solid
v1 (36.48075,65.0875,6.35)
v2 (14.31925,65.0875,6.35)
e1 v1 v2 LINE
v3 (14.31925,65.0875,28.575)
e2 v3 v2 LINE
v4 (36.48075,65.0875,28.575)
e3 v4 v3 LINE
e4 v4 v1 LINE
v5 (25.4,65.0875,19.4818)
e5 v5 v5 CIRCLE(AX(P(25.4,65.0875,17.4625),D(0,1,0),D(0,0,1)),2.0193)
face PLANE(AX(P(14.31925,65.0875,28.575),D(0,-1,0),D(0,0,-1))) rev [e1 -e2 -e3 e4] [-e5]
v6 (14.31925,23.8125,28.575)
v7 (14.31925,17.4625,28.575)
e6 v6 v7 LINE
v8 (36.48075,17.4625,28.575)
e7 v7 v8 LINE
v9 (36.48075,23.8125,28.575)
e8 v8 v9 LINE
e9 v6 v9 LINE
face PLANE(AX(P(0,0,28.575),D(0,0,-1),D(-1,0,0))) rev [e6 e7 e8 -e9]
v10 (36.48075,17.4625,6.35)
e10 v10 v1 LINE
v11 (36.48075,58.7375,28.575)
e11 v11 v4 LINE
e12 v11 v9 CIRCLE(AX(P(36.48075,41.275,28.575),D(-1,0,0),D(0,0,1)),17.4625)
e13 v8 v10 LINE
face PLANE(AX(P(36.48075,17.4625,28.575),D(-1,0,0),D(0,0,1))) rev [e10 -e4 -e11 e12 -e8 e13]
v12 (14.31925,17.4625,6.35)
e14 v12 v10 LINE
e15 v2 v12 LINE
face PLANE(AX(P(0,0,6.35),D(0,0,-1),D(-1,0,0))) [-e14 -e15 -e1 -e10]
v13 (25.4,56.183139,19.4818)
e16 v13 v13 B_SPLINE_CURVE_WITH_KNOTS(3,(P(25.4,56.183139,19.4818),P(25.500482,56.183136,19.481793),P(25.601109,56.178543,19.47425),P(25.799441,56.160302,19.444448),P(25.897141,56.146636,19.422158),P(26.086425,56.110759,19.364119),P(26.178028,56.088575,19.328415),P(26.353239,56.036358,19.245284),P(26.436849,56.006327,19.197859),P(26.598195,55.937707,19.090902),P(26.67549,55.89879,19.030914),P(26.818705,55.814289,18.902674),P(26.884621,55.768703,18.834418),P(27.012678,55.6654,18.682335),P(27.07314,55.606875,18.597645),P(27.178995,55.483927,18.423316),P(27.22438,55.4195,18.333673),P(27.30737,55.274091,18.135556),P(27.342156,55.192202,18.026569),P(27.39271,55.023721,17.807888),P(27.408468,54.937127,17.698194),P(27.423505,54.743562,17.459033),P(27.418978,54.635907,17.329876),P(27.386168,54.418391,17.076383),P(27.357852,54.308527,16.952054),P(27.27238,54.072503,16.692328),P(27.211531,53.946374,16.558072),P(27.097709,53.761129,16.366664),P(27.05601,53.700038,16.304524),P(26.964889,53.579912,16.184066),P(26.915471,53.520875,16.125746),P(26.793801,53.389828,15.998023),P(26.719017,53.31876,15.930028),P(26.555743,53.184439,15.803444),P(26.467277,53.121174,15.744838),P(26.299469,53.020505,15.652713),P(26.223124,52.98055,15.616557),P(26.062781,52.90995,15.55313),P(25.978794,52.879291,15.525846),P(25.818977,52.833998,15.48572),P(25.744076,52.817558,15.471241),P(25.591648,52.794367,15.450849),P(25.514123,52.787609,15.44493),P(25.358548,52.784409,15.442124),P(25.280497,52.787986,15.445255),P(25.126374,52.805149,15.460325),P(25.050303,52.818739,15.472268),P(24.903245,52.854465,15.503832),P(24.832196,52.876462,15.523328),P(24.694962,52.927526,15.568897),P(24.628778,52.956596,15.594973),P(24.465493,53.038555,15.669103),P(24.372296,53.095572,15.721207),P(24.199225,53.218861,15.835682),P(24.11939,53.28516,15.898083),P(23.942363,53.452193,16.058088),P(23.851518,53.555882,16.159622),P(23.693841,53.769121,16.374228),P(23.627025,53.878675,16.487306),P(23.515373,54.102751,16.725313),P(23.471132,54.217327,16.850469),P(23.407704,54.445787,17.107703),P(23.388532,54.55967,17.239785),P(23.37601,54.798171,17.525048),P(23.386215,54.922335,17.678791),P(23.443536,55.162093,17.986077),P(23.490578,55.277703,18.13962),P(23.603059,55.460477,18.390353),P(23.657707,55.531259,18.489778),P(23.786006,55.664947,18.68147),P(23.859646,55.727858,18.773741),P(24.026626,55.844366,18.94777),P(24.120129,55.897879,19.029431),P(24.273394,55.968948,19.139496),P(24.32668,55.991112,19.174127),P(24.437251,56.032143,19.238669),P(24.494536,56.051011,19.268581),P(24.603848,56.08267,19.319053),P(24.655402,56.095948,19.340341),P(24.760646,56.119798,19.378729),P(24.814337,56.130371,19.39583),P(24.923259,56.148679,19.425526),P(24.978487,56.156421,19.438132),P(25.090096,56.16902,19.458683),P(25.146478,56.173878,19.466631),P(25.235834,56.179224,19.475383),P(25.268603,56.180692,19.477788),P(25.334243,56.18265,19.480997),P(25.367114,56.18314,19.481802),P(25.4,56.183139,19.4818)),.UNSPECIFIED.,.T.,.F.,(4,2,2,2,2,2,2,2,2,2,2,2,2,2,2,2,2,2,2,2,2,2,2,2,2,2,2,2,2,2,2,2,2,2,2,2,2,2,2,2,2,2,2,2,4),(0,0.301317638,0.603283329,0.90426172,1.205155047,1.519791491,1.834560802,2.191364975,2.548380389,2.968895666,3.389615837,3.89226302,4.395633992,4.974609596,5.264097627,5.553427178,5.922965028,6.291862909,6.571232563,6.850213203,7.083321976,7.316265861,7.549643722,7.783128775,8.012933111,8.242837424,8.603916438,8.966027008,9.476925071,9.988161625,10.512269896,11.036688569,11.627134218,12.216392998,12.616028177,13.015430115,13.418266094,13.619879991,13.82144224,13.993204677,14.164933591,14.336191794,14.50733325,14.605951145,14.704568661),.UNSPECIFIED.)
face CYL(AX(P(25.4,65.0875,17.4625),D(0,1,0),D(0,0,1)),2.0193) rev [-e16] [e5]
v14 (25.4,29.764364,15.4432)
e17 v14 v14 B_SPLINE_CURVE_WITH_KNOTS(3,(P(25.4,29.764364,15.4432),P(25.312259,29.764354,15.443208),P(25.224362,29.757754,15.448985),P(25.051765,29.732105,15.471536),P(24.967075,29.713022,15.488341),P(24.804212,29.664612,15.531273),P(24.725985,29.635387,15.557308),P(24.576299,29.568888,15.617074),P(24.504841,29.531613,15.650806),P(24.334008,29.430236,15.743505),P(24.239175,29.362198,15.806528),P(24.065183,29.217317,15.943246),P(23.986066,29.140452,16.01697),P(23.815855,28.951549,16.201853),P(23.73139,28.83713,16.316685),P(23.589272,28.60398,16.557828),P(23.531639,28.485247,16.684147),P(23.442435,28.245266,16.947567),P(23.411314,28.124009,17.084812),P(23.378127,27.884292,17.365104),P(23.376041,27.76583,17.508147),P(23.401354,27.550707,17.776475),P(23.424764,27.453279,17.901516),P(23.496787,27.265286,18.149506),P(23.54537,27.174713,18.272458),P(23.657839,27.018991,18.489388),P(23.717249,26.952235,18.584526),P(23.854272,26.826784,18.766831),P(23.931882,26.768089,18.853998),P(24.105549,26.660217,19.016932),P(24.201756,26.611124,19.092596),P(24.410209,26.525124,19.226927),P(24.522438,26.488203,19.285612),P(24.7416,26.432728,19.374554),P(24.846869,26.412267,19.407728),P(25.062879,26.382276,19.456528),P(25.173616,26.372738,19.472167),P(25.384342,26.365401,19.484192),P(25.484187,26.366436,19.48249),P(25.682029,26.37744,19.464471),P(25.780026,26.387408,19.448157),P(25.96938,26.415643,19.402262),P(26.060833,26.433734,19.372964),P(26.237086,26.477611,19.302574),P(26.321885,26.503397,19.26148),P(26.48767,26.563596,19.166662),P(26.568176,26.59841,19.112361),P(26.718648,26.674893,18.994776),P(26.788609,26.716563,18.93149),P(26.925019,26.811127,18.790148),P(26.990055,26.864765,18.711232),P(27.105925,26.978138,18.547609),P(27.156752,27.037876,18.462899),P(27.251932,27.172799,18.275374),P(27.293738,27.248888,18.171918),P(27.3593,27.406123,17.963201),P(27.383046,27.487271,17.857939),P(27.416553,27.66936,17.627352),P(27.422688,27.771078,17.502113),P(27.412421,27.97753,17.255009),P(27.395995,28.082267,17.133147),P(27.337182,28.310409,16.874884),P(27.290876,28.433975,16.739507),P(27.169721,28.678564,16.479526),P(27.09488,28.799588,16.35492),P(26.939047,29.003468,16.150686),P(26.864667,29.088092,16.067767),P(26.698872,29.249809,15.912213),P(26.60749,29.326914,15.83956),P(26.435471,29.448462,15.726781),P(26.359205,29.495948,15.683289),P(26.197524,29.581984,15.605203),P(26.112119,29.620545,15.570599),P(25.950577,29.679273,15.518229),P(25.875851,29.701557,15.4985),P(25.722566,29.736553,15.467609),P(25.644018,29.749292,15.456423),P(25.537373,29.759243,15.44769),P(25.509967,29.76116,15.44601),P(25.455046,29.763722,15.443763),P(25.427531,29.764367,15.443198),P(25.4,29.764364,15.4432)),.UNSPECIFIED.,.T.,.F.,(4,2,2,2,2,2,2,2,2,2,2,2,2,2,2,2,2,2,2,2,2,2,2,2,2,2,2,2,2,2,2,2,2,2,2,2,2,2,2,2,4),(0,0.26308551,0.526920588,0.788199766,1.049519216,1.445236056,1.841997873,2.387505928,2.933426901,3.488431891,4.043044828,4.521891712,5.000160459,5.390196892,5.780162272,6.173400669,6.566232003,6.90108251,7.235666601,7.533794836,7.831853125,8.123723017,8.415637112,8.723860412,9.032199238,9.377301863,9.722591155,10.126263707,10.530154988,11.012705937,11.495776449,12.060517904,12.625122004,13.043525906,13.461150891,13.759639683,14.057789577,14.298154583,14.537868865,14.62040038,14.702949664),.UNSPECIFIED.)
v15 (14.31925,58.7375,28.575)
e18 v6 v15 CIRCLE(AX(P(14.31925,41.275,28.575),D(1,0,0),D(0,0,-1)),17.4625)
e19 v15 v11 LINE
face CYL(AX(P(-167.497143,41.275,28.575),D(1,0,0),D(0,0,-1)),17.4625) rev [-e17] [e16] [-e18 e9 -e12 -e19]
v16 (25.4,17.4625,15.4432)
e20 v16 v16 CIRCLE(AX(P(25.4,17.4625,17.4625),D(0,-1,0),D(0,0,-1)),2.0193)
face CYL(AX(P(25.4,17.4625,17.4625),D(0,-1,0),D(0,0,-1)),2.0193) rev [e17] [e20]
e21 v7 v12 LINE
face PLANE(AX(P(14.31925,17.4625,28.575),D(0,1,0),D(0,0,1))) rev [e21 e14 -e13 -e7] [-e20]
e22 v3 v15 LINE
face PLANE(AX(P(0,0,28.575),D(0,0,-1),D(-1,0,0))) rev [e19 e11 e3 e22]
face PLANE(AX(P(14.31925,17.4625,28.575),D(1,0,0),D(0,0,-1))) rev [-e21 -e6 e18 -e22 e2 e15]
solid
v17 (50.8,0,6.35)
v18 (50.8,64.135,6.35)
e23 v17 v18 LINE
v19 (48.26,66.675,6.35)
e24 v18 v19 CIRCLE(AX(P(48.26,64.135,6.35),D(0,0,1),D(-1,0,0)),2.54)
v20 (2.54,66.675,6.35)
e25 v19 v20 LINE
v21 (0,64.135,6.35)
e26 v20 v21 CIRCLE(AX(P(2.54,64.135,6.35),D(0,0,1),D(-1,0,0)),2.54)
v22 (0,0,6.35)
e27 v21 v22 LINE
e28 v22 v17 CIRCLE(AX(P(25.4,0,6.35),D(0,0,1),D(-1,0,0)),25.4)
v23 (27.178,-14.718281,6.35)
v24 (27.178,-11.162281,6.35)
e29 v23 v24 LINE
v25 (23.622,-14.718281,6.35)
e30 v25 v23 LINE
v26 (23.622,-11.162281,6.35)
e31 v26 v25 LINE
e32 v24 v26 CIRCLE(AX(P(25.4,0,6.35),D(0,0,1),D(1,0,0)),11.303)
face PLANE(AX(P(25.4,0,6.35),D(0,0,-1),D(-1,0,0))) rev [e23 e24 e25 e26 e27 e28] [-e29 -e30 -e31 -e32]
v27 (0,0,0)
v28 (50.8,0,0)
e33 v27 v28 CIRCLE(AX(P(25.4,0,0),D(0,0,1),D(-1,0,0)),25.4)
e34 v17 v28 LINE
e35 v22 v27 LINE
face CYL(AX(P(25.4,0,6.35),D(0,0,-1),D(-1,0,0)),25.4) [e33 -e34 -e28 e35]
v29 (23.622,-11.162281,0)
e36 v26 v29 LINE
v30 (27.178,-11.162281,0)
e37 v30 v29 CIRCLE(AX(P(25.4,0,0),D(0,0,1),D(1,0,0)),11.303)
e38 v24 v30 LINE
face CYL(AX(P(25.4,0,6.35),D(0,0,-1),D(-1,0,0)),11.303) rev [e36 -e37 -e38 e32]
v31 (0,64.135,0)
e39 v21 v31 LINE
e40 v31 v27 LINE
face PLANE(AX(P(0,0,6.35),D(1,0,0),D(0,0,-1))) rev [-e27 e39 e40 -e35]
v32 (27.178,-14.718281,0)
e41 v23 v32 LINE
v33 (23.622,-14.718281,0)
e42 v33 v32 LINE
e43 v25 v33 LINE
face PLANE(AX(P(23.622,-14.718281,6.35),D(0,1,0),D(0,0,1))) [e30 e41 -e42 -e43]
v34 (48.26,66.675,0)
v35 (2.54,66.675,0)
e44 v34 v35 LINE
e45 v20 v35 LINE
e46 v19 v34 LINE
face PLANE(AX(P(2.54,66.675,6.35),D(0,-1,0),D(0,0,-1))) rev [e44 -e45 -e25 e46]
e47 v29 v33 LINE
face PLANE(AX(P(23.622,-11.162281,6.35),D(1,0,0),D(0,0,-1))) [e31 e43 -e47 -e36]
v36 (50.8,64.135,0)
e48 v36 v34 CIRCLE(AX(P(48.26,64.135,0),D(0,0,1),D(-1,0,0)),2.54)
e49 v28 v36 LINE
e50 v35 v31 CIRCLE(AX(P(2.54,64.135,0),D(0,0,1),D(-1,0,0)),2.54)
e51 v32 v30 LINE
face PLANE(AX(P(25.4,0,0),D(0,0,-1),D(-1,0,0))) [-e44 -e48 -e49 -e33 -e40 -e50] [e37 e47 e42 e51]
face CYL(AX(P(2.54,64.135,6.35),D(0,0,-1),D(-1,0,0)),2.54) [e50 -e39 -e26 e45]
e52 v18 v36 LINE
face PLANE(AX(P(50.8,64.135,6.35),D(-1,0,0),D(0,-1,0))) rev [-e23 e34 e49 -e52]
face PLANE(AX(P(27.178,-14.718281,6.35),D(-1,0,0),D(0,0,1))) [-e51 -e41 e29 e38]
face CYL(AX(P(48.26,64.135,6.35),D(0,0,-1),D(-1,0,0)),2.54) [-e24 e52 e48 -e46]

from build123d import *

# Parameters (mm, degrees)
BOSS_EXTRUDE1_DEPTH     = 6.35
SKETCH2_W               = 22.1615
SKETCH2_H               = 47.625
BOSS_EXTRUDE2_DEPTH     = 22.225
CUT_EXTRUDE1_DEPTH      = 82.196867985
CUT_EXTRUDE1_DEPTH_BACK = 82.196867985
SKETCH6_W               = 2.0193
SKETCH6_H               = 23.8125
SKETCH9_W               = 2.0193
SKETCH9_H               = 41.276


with BuildPart() as part:
    # Sketch1 → Boss-Extrude1 (new body)
    with BuildSketch(Plane.XY):
        with BuildLine():
            Line((0, 0), (0, 64.135))
            ThreePointArc((0, 64.135), (0.743948776, 65.931051224), (2.54, 66.675))
            Line((2.54, 66.675), (48.26, 66.675))
            ThreePointArc((48.26, 66.675), (50.056051224, 65.931051224), (50.8, 64.135))
            Line((50.8, 64.135), (50.8, 0))
            ThreePointArc((50.8, 0), (25.4, -25.4), (0, 0))
        make_face()
        with BuildLine():
            Line((23.622, -11.162281353), (23.622, -14.718281353))
            Line((23.622, -14.718281353), (27.178, -14.718281353))
            Line((27.178, -14.718281353), (27.178, -11.162281353))
            ThreePointArc((27.178, -11.162281353), (25.4, 11.303), (23.622, -11.162281353))
        make_face(mode=Mode.SUBTRACT)
    extrude(amount=BOSS_EXTRUDE1_DEPTH)


with BuildPart() as body_2:
    # Sketch2 → Boss-Extrude2 (new body)
    with BuildSketch(Plane.XY.offset(6.35)):
        with Locations((25.4, 41.275)):
            Rectangle(SKETCH2_W, SKETCH2_H)
    extrude(amount=BOSS_EXTRUDE2_DEPTH)

    # Sketch3 → Cut-Extrude1 (cut, two sides: drawn at the far end of the back side and taken through both)
    with BuildSketch(Plane.ZY.offset(-14.31925).offset(-CUT_EXTRUDE1_DEPTH_BACK)):
        with BuildLine():
            Line((216.289935008, 23.8125), (28.575, 23.8125))
            ThreePointArc((28.575, 23.8125), (11.1125, 41.275), (28.575, 58.7375))
            Line((28.575, 58.7375), (216.289935008, 58.7375))
            Line((216.289935008, 58.7375), (591.719805025, 58.7375))
            Line((591.719805025, 58.7375), (591.719805025, 23.8125))
            Line((591.719805025, 23.8125), (216.289935008, 23.8125))
        make_face()
    extrude(amount=CUT_EXTRUDE1_DEPTH + CUT_EXTRUDE1_DEPTH_BACK, mode=Mode.SUBTRACT)

    # Sketch6 → #10-32 Tapped Hole1 (revolve, cut)
    with BuildSketch(Plane(origin=(25.4, 65.0875, 17.4625), x_dir=(0, 0, 1), z_dir=(1, 0, 0))):
        with Locations((1.00965, 11.90625)):
            Rectangle(SKETCH6_W, SKETCH6_H)
    revolve(axis=Axis((25.4, 71.4375, 17.4625), (0, -1, 0)), mode=Mode.SUBTRACT)

    # Sketch9 → #10-32 Tapped Hole2 (revolve, cut)
    with BuildSketch(Plane(origin=(25.4, 17.4625, 17.4625), x_dir=(0, 0, -1), z_dir=(1, 0, 0))):
        with Locations((1.00965, 20.638)):
            Rectangle(SKETCH9_W, SKETCH9_H)
    revolve(axis=Axis((25.4, 11.1125, 17.4625), (0, 1, 0)), mode=Mode.SUBTRACT)


solid = Compound([part.part, body_2.part])
